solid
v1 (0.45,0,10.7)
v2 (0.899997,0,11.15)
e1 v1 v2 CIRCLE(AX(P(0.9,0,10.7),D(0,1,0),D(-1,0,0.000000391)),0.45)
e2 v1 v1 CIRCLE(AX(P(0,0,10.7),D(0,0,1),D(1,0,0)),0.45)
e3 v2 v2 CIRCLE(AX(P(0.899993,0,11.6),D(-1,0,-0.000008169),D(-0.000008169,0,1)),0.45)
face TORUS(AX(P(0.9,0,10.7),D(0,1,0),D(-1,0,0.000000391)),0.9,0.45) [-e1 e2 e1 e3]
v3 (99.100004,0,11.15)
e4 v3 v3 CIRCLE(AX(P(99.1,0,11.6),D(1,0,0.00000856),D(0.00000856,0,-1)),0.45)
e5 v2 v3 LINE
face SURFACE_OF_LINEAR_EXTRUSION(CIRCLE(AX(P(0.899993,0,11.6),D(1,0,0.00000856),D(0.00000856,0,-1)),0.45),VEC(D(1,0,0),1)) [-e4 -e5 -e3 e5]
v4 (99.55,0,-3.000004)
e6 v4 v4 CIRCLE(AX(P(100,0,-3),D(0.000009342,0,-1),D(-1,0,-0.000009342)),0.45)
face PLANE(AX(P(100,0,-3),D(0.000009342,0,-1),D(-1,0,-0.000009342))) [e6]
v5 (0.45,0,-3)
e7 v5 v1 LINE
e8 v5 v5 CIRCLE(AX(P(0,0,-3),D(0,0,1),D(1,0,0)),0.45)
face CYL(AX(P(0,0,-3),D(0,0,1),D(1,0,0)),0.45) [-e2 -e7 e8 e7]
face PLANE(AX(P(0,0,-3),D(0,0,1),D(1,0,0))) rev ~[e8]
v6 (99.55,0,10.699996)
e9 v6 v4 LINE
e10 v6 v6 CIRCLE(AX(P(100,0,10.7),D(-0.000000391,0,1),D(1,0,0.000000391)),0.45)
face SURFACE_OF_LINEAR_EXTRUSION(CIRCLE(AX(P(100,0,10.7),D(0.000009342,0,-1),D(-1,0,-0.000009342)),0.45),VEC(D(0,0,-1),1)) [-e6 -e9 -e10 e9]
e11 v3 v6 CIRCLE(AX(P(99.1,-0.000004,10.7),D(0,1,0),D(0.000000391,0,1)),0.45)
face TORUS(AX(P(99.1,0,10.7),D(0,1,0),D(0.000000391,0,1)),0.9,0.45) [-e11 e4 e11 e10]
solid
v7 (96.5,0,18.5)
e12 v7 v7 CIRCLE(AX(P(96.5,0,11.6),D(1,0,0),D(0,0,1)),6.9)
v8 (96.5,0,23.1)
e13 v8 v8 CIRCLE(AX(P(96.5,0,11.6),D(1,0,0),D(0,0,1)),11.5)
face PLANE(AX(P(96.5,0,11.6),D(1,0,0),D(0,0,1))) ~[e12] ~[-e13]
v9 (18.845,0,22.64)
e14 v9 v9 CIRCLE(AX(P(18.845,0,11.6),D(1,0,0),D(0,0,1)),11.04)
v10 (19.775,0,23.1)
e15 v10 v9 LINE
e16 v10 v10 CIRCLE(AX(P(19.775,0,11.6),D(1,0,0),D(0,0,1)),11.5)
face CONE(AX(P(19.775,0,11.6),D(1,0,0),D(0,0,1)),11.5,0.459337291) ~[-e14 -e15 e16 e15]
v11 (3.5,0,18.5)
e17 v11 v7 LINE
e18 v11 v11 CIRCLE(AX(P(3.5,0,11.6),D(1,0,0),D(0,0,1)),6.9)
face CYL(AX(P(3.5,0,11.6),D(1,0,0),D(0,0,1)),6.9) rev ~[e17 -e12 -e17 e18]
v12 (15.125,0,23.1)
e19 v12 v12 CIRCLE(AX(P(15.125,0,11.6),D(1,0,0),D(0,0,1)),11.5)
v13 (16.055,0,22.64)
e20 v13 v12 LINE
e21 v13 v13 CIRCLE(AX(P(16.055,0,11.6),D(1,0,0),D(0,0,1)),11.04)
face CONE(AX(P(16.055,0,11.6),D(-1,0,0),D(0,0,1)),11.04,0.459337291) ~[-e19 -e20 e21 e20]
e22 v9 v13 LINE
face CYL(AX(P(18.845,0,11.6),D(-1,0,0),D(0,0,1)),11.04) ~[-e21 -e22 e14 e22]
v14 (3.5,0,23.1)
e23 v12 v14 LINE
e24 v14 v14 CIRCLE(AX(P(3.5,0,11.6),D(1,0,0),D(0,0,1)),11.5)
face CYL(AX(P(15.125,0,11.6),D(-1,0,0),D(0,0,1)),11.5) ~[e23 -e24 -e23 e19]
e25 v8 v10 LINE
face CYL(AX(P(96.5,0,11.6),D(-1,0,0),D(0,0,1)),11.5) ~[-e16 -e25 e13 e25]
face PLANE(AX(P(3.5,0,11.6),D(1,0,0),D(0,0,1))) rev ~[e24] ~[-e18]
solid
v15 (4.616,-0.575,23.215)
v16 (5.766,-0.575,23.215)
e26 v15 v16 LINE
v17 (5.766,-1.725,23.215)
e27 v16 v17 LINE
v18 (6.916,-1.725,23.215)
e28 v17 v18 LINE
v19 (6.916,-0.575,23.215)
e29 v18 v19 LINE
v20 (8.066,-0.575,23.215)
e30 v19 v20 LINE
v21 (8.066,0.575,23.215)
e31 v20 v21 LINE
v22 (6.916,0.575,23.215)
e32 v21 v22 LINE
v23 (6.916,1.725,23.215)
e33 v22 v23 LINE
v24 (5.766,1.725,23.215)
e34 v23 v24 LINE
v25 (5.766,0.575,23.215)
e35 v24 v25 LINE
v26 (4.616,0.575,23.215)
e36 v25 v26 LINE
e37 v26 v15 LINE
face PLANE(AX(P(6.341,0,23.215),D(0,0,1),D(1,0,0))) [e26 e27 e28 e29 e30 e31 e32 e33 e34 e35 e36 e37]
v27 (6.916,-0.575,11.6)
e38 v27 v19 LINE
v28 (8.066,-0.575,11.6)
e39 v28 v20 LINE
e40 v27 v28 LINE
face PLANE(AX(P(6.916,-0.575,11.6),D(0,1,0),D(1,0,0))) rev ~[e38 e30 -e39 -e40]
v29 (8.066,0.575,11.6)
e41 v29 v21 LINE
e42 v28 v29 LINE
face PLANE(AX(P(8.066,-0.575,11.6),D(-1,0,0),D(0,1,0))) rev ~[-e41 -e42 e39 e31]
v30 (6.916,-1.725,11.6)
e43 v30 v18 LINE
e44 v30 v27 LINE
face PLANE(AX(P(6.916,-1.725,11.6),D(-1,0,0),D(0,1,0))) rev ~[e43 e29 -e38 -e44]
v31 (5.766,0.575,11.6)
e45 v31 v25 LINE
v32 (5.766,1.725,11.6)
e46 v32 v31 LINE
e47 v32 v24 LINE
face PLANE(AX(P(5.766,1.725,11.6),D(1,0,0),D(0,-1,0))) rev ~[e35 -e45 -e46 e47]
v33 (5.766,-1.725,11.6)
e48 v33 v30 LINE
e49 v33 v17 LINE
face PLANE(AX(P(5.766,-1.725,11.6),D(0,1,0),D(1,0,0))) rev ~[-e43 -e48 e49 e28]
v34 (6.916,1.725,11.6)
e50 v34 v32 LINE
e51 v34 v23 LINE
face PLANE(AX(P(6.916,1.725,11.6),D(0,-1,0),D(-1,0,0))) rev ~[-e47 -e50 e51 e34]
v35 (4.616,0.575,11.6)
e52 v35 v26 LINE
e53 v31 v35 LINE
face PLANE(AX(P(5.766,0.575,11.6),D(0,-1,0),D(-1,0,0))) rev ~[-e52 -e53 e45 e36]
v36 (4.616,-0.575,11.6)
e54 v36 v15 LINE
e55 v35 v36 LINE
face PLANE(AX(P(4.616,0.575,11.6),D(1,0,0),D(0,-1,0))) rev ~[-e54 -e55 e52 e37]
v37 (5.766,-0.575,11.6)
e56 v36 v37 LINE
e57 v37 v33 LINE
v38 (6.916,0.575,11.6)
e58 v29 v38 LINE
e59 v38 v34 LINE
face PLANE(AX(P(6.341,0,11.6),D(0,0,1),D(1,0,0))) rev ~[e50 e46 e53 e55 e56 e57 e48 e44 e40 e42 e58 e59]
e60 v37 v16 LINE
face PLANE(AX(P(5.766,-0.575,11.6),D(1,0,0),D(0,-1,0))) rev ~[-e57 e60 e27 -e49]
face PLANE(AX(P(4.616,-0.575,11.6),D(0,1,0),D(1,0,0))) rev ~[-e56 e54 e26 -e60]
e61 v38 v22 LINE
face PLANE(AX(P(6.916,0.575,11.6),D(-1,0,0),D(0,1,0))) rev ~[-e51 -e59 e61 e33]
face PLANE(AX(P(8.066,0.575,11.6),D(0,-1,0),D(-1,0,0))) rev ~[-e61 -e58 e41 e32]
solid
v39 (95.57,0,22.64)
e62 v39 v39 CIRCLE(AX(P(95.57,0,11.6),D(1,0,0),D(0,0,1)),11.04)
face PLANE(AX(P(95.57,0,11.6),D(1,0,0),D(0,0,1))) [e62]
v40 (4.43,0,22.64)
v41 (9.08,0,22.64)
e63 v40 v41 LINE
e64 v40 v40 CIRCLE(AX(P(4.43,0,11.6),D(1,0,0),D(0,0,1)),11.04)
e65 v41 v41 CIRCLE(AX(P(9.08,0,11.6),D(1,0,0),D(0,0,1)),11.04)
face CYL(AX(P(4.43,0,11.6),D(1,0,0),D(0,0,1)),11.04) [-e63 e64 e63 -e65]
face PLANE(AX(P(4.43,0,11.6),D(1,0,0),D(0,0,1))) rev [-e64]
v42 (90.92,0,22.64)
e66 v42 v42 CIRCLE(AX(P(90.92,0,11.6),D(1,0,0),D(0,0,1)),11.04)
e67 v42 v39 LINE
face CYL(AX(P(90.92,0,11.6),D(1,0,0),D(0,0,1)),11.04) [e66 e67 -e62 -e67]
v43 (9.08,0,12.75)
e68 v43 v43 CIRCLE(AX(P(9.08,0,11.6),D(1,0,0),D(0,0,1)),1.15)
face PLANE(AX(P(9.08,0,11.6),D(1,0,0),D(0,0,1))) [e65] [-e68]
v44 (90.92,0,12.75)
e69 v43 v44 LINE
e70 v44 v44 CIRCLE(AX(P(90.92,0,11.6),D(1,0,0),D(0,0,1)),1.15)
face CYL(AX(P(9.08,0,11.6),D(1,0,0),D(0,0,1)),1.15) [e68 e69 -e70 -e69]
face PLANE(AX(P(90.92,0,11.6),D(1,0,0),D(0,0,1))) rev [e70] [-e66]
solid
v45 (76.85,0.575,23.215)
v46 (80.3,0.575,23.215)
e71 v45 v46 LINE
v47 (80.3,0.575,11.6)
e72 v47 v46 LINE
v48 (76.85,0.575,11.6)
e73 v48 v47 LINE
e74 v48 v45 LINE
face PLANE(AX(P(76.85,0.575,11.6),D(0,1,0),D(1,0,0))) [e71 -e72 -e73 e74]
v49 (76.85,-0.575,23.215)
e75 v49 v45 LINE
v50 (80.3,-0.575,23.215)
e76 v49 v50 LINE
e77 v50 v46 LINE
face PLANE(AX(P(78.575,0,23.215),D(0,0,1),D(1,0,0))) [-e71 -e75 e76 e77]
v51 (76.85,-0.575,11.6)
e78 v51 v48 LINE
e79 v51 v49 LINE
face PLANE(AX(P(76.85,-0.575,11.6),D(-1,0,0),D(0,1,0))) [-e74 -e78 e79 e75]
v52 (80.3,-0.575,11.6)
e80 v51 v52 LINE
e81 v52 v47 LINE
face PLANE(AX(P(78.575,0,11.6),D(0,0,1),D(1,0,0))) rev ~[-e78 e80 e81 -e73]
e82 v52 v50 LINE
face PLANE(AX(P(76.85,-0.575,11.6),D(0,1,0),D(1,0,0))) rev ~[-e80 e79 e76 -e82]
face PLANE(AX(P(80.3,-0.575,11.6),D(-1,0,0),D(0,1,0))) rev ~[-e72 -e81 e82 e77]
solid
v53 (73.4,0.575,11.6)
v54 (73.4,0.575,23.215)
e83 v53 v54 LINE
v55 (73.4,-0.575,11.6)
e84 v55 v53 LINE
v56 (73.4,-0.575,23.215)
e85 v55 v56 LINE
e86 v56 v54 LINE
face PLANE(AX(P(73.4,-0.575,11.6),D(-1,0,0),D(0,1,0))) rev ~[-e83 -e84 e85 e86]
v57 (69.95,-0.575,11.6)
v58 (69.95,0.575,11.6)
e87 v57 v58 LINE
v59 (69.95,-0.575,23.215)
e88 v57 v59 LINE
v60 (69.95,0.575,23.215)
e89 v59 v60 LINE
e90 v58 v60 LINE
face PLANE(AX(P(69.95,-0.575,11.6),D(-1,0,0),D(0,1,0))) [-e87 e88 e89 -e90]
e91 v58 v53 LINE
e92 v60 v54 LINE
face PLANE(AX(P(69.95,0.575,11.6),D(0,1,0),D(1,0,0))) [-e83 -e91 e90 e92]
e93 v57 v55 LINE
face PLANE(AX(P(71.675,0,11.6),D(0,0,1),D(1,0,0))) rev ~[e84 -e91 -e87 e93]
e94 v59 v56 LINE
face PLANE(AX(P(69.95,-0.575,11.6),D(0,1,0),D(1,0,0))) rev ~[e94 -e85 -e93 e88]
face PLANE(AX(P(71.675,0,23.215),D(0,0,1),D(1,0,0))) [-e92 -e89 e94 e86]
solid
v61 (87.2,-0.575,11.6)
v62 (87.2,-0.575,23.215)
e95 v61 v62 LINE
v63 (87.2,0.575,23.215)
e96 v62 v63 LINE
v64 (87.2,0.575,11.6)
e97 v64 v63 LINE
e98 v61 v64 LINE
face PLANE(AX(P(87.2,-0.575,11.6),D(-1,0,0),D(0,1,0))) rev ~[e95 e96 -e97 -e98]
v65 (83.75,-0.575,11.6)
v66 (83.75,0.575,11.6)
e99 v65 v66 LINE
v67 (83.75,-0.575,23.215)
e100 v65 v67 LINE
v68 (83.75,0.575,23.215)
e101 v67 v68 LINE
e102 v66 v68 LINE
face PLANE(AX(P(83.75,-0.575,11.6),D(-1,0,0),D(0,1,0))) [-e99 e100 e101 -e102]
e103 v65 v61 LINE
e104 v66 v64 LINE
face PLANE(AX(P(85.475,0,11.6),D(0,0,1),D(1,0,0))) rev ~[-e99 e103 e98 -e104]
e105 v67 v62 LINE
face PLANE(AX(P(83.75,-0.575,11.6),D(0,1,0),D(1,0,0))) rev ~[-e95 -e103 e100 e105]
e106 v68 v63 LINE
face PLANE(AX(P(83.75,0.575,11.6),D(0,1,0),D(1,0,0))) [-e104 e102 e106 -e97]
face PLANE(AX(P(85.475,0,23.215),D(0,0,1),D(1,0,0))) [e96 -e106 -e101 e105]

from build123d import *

# Parameters (mm, degrees)
SKETCH_R    = 0.45
SKETCH004_W = 3.45
SKETCH004_H = 1.15
PAD_DEPTH   = 11.615


with BuildPart() as sweep_body:
    # Sweep: sweep along a path in Sketch001
    with BuildLine(Plane.XZ) as sweep_path:
        Line((0, -3), (0, 10.7))
        ThreePointArc((0, 10.7), (0.263601, 11.336393), (0.899993, 11.6))
        Line((0.899993, 11.6), (99.1, 11.6))
        ThreePointArc((99.1, 11.6), (99.736396, 11.336396), (100, 10.7))
        Line((100, 10.7), (100, -3))
    # Sketch → Sweep (sweep)
    with BuildSketch(Plane.XY.offset(-2)):
        Circle(SKETCH_R)
    sweep(path=sweep_path.line)


with BuildPart() as revolution:
    # Sketch002 → Revolution (revolve)
    with BuildSketch(Plane.XZ):
        Polygon((3.5, 23.1), (3.5, 18.5), (96.5, 18.5), (96.5, 23.1), (19.775, 23.1), (18.845, 22.64), (16.055, 22.64), (15.125, 23.1), align=None)
    revolve(axis=Axis((6.97588, 0, 11.6), (1, 0, 0)))


with BuildPart() as revolution001:
    # Sketch003 → Revolution001 (revolve)
    with BuildSketch(Plane.XZ):
        Polygon((4.43, 22.64), (9.08, 22.64), (9.08, 12.75), (90.92, 12.75), (90.92, 22.64), (95.57, 22.64), (95.57, 11.6), (4.43, 11.6), align=None)
    revolve(axis=Axis((6.97588, 0, 11.6), (1, 0, 0)))


with BuildPart() as pad:
    # Sketch004 → Pad (new body)
    with BuildSketch(Plane.XY.offset(11.6)):
        with Locations((85.475, 0)):
            Rectangle(SKETCH004_W, SKETCH004_H)
        with Locations((78.575, 0)):
            Rectangle(SKETCH004_W, SKETCH004_H)
        with Locations((71.675, 0)):
            Rectangle(SKETCH004_W, SKETCH004_H)
        Polygon((5.766, 0.575), (4.616, 0.575), (4.616, -0.575), (5.766, -0.575), (5.766, -1.725), (6.916, -1.725), (6.916, -0.575), (8.066, -0.575), (8.066, 0.575), (6.916, 0.575), (6.916, 1.725), (5.766, 1.725), align=None)
    extrude(amount=PAD_DEPTH)


solid = Compound([sweep_body.part, revolution.part, revolution001.part, pad.part])
